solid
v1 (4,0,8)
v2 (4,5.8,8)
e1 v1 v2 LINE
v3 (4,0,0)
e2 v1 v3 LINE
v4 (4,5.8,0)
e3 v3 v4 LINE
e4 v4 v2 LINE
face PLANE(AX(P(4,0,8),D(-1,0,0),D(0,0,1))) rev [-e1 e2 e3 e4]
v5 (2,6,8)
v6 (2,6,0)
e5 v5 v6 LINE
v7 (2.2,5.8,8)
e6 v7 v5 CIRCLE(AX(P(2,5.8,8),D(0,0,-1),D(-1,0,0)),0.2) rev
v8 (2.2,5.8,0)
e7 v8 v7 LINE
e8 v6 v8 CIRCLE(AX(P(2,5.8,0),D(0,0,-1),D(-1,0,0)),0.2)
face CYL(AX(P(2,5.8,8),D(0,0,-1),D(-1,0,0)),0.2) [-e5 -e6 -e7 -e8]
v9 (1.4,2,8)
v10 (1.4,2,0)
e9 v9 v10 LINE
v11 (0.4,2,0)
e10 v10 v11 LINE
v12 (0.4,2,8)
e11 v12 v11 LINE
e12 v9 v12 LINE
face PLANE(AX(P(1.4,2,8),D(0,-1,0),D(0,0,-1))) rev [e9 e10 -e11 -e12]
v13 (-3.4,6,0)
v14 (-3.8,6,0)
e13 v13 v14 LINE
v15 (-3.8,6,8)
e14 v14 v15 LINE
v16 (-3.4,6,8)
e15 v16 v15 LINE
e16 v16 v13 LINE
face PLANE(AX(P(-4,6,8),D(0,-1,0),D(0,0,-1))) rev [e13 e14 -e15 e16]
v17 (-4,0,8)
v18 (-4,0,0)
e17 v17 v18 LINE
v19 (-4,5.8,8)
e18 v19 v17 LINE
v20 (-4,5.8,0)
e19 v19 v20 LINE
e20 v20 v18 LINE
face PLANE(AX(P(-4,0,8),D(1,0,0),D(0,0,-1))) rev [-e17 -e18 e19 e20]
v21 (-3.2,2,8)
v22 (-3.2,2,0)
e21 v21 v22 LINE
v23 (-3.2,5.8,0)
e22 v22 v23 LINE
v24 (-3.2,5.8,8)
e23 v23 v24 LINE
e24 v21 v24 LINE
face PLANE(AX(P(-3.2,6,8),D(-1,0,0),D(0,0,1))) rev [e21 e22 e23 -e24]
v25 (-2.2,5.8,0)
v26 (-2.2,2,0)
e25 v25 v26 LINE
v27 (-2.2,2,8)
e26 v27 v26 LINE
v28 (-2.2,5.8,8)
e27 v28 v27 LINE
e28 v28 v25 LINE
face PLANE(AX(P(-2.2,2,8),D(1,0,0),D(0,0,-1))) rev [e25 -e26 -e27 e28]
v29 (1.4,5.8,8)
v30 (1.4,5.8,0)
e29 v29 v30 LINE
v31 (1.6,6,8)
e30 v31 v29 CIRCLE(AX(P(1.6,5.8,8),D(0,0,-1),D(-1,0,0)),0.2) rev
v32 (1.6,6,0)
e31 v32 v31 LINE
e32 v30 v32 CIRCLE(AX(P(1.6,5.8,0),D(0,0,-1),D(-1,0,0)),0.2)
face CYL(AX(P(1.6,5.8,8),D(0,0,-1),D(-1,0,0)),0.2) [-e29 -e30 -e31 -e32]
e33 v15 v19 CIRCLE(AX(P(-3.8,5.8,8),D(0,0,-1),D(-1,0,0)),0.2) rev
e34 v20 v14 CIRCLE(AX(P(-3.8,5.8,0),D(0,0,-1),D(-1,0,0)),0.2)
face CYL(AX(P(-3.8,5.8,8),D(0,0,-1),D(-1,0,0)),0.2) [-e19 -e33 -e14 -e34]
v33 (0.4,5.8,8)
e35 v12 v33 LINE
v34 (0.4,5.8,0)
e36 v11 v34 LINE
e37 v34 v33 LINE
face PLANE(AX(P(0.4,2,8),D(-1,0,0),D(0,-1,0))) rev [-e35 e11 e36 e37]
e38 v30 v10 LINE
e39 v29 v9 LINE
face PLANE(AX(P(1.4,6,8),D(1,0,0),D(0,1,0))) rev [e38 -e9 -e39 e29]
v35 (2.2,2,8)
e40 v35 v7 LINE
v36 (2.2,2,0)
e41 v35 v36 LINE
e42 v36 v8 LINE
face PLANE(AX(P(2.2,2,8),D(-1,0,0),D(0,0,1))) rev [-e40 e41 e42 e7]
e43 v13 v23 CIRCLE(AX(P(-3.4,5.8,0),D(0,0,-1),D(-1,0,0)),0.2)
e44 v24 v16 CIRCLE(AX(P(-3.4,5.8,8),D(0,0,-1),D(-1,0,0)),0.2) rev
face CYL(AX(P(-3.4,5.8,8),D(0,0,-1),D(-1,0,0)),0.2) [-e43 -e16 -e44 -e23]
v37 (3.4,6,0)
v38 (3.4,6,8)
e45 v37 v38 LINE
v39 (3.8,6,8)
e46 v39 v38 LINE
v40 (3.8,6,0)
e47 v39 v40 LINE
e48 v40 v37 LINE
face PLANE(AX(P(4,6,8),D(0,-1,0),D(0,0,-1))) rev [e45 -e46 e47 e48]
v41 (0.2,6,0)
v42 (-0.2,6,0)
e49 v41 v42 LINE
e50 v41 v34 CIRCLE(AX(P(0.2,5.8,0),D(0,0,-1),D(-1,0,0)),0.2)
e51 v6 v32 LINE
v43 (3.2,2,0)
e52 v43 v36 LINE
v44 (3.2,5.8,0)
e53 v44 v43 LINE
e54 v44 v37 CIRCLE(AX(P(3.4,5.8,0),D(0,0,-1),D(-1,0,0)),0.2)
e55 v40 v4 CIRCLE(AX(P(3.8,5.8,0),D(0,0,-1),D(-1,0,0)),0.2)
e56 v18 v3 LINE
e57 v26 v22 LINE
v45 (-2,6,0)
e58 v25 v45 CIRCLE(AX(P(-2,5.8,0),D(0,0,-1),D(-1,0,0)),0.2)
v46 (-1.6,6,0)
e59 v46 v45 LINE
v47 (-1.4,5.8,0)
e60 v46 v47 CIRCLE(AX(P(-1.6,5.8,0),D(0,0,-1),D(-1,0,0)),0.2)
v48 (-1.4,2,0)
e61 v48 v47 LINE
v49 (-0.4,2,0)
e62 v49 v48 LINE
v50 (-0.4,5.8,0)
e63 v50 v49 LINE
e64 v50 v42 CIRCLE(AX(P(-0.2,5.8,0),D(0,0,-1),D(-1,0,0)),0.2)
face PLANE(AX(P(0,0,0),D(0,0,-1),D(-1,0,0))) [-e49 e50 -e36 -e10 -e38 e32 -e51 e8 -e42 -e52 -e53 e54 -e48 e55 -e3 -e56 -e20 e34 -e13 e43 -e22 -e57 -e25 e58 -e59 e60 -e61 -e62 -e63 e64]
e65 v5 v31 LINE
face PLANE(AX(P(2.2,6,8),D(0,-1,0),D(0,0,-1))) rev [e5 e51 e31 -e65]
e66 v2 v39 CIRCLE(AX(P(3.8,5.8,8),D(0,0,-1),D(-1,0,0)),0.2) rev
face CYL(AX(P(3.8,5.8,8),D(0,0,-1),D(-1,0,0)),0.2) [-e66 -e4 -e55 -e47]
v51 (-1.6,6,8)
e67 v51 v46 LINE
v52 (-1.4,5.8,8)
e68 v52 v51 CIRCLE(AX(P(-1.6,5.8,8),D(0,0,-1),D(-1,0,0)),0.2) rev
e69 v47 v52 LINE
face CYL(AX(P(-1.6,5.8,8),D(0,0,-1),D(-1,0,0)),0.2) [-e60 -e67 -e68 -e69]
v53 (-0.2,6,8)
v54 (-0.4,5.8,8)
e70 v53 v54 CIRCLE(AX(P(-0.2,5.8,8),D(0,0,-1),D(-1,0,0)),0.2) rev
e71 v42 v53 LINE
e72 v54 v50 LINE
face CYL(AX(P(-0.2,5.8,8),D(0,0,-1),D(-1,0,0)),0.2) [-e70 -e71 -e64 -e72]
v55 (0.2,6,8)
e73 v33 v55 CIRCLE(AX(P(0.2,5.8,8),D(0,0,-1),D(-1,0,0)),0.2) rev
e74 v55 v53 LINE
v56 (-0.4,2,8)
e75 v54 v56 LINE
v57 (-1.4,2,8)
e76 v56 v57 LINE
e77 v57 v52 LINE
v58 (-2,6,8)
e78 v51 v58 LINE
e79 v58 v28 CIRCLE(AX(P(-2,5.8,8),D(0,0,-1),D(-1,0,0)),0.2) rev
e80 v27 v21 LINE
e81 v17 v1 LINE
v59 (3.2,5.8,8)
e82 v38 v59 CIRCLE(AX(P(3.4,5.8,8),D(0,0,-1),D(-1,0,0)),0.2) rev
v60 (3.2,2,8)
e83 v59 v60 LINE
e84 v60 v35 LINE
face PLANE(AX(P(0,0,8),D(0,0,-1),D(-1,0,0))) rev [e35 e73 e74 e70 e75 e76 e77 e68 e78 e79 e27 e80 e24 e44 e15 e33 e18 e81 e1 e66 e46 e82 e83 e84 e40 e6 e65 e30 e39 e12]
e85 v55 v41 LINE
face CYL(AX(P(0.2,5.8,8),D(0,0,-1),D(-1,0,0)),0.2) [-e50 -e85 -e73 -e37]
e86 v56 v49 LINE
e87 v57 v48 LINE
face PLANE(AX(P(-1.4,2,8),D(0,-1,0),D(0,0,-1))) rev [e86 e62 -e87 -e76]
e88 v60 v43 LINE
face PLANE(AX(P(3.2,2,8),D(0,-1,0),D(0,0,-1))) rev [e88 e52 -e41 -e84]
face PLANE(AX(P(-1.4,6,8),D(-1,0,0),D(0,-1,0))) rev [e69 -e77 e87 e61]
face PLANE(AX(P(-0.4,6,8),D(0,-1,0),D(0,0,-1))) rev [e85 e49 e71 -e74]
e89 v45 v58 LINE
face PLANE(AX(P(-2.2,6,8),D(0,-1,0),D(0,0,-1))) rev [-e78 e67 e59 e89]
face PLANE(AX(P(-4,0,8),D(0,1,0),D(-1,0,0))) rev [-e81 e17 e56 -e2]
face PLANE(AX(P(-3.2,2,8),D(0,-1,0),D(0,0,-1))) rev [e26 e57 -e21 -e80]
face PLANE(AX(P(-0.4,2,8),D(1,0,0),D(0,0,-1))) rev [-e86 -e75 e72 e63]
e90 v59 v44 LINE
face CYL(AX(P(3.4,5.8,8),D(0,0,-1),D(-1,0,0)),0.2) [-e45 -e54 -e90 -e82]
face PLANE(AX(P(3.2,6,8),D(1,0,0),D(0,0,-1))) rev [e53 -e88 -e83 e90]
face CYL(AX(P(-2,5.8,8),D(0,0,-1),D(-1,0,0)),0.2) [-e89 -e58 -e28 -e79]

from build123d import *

# Parameters (mm, degrees)
BOSS_EXTRUDE1_DEPTH = 8
FILLET1_R           = 0.2


with BuildPart() as part:
    # Sketch1 → Boss-Extrude1 (new body)
    with BuildSketch(Plane.XY):
        Polygon((-4, 0), (4, 0), (4, 6), (3.2, 6), (3.2, 2), (2.2, 2), (2.2, 6), (1.4, 6), (1.4, 2), (0.4, 2), (0.4, 6), (-0.4, 6), (-0.4, 2), (-1.4, 2), (-1.4, 6), (-2.2, 6), (-2.2, 2), (-3.2, 2), (-3.2, 6), (-4, 6), align=None)
    extrude(amount=BOSS_EXTRUDE1_DEPTH)

    # Fillet1
    fillet1_edges = [part.edges().sort_by_distance(p)[0] for p in [
        (-4, 6, 4),
        (-3.2, 6, 4),
        (-2.2, 6, 4),
        (-1.4, 6, 4),
        (-0.4, 6, 4),
        (0.4, 6, 4),
        (1.4, 6, 4),
        (2.2, 6, 4),
        (3.2, 6, 4),
        (4, 6, 4),
    ]]
    fillet(fillet1_edges, radius=FILLET1_R)


solid = part.part
